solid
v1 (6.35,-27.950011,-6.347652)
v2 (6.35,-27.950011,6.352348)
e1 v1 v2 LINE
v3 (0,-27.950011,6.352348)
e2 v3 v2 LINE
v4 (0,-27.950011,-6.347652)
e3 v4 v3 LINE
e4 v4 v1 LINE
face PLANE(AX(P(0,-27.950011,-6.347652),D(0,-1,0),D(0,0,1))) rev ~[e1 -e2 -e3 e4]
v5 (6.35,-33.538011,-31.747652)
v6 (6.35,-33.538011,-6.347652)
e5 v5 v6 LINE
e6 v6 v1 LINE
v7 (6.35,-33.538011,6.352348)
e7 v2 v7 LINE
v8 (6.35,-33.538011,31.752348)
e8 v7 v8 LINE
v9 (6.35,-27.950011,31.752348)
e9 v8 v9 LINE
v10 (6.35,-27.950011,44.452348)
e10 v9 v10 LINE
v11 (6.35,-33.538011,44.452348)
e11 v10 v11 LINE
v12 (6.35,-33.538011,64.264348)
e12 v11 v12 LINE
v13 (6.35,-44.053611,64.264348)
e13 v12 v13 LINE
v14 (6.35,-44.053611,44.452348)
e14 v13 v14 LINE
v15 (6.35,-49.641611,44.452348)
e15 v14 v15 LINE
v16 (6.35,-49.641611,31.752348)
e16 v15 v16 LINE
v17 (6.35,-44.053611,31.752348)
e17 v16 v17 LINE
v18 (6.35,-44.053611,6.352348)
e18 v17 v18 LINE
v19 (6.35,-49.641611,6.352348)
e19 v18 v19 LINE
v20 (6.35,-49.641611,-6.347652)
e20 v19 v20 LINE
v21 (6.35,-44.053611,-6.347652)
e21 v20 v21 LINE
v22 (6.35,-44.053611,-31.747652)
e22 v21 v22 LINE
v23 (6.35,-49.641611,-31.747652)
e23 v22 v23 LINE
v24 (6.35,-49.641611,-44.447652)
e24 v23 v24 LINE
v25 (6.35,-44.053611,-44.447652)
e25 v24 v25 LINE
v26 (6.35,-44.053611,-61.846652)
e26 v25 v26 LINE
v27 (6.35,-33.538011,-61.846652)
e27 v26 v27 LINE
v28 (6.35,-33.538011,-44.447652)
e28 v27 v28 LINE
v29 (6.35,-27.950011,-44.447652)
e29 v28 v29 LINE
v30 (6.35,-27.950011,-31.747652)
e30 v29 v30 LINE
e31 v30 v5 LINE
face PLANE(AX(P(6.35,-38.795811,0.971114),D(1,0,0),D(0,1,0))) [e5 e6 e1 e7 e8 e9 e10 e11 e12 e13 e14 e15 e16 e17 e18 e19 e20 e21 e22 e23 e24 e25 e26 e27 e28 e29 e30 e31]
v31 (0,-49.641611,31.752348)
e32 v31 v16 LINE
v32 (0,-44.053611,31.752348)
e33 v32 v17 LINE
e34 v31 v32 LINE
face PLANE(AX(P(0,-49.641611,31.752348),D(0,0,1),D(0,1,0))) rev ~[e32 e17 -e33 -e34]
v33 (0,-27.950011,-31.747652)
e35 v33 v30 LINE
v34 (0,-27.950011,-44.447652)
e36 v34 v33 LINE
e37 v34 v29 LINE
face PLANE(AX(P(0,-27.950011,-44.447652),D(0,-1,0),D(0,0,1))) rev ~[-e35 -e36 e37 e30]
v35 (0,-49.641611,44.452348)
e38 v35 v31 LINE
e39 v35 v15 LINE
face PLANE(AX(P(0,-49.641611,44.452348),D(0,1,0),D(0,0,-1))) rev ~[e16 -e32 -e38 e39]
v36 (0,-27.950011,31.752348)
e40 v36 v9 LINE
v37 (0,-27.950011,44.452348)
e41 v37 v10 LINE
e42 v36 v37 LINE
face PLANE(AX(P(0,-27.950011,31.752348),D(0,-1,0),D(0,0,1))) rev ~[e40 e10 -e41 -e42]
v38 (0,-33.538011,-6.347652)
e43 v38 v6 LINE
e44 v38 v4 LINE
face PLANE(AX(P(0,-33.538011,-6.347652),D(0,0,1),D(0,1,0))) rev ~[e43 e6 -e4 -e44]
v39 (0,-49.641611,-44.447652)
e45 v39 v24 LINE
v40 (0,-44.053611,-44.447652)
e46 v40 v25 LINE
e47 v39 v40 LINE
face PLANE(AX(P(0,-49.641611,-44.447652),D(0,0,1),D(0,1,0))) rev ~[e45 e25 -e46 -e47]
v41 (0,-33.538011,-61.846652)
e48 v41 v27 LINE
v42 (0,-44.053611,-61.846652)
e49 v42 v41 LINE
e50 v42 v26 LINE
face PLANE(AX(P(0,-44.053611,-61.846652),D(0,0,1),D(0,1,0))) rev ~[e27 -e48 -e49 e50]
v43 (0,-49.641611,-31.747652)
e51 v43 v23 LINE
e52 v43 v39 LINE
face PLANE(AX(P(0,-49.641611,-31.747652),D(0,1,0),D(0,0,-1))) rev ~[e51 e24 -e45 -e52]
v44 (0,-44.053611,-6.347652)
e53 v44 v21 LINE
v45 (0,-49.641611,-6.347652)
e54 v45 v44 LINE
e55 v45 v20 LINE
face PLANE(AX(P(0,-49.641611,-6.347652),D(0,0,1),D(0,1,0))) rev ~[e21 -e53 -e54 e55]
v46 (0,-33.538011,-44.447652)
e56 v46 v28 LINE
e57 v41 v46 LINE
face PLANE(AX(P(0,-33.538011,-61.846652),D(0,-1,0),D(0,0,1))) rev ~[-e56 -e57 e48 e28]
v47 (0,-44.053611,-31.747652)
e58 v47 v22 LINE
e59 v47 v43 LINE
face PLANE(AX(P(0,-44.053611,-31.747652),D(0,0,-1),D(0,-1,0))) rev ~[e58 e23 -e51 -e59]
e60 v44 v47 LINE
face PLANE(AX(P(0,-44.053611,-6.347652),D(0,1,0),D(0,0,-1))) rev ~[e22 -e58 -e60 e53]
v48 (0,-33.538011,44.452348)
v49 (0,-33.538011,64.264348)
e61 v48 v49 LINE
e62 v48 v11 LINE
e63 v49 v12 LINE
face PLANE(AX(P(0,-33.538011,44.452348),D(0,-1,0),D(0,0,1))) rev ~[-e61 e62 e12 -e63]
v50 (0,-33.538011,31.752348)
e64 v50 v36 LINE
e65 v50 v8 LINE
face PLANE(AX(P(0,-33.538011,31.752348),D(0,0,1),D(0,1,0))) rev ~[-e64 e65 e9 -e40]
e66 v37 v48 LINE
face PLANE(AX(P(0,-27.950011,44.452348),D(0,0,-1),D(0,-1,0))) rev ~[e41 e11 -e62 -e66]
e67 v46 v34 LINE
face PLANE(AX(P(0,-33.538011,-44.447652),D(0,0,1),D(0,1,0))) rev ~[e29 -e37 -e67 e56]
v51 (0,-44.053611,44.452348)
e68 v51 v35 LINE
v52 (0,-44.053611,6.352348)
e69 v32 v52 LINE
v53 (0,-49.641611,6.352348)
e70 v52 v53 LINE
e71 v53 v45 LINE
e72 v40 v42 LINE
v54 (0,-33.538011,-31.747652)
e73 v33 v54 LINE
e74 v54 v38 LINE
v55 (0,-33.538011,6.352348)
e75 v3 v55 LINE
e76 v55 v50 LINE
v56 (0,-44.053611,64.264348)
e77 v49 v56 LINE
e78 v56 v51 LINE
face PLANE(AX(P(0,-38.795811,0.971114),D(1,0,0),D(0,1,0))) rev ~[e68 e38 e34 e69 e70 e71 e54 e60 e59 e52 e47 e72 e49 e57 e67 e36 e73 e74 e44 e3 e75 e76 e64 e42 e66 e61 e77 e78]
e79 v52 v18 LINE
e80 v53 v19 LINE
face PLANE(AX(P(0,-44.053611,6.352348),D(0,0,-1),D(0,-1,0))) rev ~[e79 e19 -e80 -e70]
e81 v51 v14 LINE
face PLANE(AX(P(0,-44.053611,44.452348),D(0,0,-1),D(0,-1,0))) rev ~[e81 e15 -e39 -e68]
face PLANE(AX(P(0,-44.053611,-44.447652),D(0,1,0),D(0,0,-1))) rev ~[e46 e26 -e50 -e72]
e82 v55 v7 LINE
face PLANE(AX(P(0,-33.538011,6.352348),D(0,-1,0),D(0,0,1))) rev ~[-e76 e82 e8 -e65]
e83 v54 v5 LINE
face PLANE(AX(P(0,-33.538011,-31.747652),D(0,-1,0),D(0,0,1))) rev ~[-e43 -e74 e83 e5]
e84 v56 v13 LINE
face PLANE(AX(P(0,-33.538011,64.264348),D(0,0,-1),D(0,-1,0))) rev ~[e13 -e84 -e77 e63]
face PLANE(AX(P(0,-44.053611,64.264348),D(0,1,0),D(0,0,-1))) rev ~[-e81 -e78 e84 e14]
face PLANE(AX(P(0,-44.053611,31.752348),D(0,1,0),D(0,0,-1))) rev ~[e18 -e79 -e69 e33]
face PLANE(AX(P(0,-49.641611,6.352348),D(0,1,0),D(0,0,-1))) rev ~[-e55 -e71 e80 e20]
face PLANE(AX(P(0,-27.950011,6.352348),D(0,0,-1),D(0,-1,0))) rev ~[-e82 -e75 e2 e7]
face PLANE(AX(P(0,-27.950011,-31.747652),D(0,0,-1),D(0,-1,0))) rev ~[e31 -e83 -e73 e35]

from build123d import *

# Parameters (mm, degrees)
F1_DEPTH = 6.35


with BuildPart() as f1:
    # F0 (on Right) → F1 (new body)
    with BuildSketch(Plane.YZ):
        Polygon((-33.538011, 64.264348), (-44.053611, 64.264348), (-44.053611, 44.452348), (-49.641611, 44.452348), (-49.641611, 31.752348), (-44.053611, 31.752348), (-44.053611, 6.352348), (-49.641611, 6.352348), (-49.641611, -6.347652), (-44.053611, -6.347652), (-44.053611, -31.747652), (-49.641611, -31.747652), (-49.641611, -44.447652), (-44.053611, -44.447652), (-44.053611, -61.846652), (-33.538011, -61.846652), (-33.538011, -44.447652), (-27.950011, -44.447652), (-27.950011, -31.747652), (-33.538011, -31.747652), (-33.538011, -6.347652), (-27.950011, -6.347652), (-27.950011, 6.352348), (-33.538011, 6.352348), (-33.538011, 31.752348), (-27.950011, 31.752348), (-27.950011, 44.452348), (-33.538011, 44.452348), align=None)
    extrude(amount=F1_DEPTH)


solid = f1.part
